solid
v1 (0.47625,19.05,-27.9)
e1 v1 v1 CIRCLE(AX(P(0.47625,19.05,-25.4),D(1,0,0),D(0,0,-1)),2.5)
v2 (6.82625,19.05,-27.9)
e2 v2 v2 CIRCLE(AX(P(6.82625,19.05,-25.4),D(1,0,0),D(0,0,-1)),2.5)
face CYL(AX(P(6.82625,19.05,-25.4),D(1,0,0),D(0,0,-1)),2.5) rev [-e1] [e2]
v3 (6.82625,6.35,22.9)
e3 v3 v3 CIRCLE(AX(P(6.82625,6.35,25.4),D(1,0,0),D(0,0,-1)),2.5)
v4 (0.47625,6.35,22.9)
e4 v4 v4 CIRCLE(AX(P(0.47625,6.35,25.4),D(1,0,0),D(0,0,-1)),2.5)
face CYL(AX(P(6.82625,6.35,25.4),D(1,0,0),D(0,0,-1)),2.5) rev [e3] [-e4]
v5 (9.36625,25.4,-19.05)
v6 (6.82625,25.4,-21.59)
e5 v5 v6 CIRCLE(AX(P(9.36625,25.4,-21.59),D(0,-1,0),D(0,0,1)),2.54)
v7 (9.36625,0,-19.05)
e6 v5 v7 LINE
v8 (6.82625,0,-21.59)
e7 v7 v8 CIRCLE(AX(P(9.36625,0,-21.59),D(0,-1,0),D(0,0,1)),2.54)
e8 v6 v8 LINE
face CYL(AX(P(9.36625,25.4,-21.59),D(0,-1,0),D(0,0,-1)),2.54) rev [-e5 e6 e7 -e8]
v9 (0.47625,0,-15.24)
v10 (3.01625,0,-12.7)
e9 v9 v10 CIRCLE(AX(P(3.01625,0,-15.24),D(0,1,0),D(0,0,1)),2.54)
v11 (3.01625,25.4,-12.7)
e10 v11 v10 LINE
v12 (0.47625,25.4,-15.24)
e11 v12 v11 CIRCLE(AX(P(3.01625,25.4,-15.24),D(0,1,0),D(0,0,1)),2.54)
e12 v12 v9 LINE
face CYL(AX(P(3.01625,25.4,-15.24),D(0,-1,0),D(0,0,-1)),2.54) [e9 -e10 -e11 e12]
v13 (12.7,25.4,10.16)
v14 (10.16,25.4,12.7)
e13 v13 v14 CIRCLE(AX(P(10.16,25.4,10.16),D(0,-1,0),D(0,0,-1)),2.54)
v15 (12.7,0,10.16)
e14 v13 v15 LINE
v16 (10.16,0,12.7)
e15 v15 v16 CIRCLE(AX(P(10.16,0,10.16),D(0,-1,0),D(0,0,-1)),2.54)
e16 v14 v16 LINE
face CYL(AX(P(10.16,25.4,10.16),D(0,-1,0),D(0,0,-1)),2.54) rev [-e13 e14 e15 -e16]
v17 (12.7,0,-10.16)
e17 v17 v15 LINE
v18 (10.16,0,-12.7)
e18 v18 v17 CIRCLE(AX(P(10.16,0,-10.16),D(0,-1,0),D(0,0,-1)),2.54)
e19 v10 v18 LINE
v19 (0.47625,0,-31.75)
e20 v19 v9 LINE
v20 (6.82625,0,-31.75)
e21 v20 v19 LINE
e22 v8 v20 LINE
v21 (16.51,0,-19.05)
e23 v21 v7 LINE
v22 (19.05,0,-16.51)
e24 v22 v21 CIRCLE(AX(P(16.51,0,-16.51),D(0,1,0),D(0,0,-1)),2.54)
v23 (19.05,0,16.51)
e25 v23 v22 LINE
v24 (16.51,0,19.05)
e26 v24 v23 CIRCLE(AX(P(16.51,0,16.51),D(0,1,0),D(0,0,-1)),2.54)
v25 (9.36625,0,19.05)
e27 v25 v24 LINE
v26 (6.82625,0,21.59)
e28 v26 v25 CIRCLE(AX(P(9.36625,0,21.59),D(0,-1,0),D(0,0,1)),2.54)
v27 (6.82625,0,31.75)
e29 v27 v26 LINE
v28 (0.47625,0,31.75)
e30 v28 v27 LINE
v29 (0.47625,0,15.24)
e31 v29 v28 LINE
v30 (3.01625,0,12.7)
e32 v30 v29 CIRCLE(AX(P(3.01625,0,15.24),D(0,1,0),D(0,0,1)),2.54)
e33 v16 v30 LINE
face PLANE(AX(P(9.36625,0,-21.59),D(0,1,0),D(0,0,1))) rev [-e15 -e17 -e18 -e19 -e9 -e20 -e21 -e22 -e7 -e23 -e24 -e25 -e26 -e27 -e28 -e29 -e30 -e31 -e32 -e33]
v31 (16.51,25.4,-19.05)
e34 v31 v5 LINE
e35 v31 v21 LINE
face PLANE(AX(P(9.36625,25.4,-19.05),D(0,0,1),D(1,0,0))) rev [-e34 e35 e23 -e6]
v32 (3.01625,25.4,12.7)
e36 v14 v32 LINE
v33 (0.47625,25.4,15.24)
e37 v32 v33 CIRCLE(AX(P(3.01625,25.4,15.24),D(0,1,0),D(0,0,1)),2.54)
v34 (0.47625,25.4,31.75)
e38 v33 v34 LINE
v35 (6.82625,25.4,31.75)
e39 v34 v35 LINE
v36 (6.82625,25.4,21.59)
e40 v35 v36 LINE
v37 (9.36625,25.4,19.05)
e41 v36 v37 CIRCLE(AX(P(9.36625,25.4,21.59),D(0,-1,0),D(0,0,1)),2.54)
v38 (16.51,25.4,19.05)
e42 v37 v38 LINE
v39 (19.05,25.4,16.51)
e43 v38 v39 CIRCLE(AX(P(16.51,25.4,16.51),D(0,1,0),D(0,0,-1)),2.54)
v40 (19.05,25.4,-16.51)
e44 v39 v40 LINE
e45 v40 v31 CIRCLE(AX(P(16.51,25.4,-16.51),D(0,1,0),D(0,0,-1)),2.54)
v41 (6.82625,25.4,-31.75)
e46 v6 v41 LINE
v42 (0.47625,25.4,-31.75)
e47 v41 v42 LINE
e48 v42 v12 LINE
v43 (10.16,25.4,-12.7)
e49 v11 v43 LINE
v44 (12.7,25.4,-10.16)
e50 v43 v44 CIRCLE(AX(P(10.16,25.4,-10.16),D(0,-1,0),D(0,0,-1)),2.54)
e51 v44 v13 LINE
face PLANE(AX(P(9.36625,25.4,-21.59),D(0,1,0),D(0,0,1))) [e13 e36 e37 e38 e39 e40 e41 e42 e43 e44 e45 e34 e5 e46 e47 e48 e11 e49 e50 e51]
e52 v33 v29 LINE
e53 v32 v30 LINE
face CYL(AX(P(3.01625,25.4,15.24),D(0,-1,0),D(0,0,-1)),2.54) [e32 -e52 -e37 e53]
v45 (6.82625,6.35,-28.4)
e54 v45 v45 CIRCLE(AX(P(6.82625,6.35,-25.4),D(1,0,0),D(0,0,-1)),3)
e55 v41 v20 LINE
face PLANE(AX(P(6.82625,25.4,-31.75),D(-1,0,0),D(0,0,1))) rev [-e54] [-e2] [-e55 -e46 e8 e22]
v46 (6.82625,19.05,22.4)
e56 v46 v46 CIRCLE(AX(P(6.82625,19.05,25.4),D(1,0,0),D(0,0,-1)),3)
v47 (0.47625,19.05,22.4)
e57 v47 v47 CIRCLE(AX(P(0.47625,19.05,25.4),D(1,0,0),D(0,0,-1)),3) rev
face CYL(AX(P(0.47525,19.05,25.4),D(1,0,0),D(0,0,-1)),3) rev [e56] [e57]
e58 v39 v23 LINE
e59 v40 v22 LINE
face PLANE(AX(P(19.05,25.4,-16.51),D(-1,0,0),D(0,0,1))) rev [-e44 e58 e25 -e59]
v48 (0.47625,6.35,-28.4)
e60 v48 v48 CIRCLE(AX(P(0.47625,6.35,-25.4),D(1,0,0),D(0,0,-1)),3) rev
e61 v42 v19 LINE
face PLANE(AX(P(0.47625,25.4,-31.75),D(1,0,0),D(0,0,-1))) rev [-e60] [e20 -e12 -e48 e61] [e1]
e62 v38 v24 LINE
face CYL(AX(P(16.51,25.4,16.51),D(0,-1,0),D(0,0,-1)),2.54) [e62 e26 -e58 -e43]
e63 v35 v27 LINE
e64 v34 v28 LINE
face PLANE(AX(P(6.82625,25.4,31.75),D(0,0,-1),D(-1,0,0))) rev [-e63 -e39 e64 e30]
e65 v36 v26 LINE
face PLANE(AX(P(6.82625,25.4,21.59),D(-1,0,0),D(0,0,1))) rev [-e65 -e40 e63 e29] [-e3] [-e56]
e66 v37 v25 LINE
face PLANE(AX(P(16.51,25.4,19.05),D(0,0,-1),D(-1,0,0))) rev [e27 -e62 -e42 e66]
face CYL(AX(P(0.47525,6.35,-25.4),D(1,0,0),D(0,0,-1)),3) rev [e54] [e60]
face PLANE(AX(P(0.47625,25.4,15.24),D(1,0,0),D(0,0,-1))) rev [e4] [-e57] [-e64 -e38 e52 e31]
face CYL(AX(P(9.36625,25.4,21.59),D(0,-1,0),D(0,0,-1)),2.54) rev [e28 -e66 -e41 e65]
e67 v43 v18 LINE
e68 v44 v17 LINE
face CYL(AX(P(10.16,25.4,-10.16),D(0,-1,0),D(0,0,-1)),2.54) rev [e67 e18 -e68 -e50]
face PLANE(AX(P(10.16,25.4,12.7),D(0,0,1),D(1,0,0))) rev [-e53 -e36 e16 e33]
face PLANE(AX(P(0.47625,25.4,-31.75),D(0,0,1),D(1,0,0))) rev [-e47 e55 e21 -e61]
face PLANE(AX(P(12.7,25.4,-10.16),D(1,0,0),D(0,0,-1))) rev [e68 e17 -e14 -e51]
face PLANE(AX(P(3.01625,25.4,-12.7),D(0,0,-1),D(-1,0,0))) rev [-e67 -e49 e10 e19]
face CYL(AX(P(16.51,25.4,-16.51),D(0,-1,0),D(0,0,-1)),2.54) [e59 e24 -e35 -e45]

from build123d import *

# Parameters (mm, degrees)
BOSS_EXTRUDE2_DEPTH   = 25.4
CUT_EXTRUDE1_REACH    = 44.458
SKETCH2_R             = 3
M6X1_0_TAPPED_HOLE1_D = 5


with BuildPart() as part:
    # Sketch1 → Boss-Extrude2 (new body)
    with BuildSketch(Plane(origin=(0, 0, 0), x_dir=(1, 0, 0), z_dir=(0, 1, 0))):
        with BuildLine():
            Line((0.47625, 31.75), (0.47625, 15.24))
            ThreePointArc((0.47625, 15.24), (1.220198776, 13.443948776), (3.01625, 12.7))
            Line((3.01625, 12.7), (10.16, 12.7))
            ThreePointArc((10.16, 12.7), (11.956051224, 11.956051224), (12.7, 10.16))
            Line((12.7, 10.16), (12.7, -10.16))
            ThreePointArc((12.7, -10.16), (11.956051224, -11.956051224), (10.16, -12.7))
            Line((10.16, -12.7), (3.01625, -12.7))
            ThreePointArc((3.01625, -12.7), (1.220198776, -13.443948776), (0.47625, -15.24))
            Line((0.47625, -15.24), (0.47625, -31.75))
            Line((0.47625, -31.75), (6.82625, -31.75))
            Line((6.82625, -31.75), (6.82625, -21.59))
            ThreePointArc((6.82625, -21.59), (7.570198776, -19.793948776), (9.36625, -19.05))
            Line((9.36625, -19.05), (16.51, -19.05))
            ThreePointArc((16.51, -19.05), (18.306051224, -18.306051224), (19.05, -16.51))
            Line((19.05, -16.51), (19.05, 16.51))
            ThreePointArc((19.05, 16.51), (18.306051224, 18.306051224), (16.51, 19.05))
            Line((16.51, 19.05), (9.36625, 19.05))
            ThreePointArc((9.36625, 19.05), (7.570198776, 19.793948776), (6.82625, 21.59))
            Line((6.82625, 21.59), (6.82625, 31.75))
            Line((6.82625, 31.75), (0.47625, 31.75))
        make_face()
    extrude(amount=BOSS_EXTRUDE2_DEPTH)

    # Sketch2 → Cut-Extrude1 (cut, up to next)
    with BuildSketch(Plane(origin=(6.82625, 0, 0), x_dir=(0, 0, -1), z_dir=(1, 0, 0)), mode=Mode.PRIVATE) as cut_extrude1_sk1:
        with Locations((-25.4, 19.05)):
            Circle(SKETCH2_R)
    cut_extrude1_tool1 = extrude(cut_extrude1_sk1.sketch, amount=-CUT_EXTRUDE1_REACH, mode=Mode.PRIVATE) & part.part
    # Sketch2 → Cut-Extrude1 (cut, up to next)
    with BuildSketch(Plane(origin=(6.82625, 0, 0), x_dir=(0, 0, -1), z_dir=(1, 0, 0)), mode=Mode.PRIVATE) as cut_extrude1_sk2:
        with Locations((25.4, 6.35)):
            Circle(SKETCH2_R)
    cut_extrude1_tool2 = extrude(cut_extrude1_sk2.sketch, amount=-CUT_EXTRUDE1_REACH, mode=Mode.PRIVATE) & part.part
    add(cut_extrude1_tool1.solids().sort_by_distance((6.82625, 19.05, 25.4))[0], mode=Mode.SUBTRACT)
    add(cut_extrude1_tool2.solids().sort_by_distance((6.82625, 6.35, -25.4))[0], mode=Mode.SUBTRACT)

    # M6x1.0 Tapped Hole1 (through all)
    with Locations(Plane(origin=(6.82625, 0, 0), x_dir=(0, 0, -1), z_dir=(1, 0, 0))):
        with Locations((-25.4, 6.35), (25.4, 19.05)):
            Hole(M6X1_0_TAPPED_HOLE1_D / 2)


solid = part.part
